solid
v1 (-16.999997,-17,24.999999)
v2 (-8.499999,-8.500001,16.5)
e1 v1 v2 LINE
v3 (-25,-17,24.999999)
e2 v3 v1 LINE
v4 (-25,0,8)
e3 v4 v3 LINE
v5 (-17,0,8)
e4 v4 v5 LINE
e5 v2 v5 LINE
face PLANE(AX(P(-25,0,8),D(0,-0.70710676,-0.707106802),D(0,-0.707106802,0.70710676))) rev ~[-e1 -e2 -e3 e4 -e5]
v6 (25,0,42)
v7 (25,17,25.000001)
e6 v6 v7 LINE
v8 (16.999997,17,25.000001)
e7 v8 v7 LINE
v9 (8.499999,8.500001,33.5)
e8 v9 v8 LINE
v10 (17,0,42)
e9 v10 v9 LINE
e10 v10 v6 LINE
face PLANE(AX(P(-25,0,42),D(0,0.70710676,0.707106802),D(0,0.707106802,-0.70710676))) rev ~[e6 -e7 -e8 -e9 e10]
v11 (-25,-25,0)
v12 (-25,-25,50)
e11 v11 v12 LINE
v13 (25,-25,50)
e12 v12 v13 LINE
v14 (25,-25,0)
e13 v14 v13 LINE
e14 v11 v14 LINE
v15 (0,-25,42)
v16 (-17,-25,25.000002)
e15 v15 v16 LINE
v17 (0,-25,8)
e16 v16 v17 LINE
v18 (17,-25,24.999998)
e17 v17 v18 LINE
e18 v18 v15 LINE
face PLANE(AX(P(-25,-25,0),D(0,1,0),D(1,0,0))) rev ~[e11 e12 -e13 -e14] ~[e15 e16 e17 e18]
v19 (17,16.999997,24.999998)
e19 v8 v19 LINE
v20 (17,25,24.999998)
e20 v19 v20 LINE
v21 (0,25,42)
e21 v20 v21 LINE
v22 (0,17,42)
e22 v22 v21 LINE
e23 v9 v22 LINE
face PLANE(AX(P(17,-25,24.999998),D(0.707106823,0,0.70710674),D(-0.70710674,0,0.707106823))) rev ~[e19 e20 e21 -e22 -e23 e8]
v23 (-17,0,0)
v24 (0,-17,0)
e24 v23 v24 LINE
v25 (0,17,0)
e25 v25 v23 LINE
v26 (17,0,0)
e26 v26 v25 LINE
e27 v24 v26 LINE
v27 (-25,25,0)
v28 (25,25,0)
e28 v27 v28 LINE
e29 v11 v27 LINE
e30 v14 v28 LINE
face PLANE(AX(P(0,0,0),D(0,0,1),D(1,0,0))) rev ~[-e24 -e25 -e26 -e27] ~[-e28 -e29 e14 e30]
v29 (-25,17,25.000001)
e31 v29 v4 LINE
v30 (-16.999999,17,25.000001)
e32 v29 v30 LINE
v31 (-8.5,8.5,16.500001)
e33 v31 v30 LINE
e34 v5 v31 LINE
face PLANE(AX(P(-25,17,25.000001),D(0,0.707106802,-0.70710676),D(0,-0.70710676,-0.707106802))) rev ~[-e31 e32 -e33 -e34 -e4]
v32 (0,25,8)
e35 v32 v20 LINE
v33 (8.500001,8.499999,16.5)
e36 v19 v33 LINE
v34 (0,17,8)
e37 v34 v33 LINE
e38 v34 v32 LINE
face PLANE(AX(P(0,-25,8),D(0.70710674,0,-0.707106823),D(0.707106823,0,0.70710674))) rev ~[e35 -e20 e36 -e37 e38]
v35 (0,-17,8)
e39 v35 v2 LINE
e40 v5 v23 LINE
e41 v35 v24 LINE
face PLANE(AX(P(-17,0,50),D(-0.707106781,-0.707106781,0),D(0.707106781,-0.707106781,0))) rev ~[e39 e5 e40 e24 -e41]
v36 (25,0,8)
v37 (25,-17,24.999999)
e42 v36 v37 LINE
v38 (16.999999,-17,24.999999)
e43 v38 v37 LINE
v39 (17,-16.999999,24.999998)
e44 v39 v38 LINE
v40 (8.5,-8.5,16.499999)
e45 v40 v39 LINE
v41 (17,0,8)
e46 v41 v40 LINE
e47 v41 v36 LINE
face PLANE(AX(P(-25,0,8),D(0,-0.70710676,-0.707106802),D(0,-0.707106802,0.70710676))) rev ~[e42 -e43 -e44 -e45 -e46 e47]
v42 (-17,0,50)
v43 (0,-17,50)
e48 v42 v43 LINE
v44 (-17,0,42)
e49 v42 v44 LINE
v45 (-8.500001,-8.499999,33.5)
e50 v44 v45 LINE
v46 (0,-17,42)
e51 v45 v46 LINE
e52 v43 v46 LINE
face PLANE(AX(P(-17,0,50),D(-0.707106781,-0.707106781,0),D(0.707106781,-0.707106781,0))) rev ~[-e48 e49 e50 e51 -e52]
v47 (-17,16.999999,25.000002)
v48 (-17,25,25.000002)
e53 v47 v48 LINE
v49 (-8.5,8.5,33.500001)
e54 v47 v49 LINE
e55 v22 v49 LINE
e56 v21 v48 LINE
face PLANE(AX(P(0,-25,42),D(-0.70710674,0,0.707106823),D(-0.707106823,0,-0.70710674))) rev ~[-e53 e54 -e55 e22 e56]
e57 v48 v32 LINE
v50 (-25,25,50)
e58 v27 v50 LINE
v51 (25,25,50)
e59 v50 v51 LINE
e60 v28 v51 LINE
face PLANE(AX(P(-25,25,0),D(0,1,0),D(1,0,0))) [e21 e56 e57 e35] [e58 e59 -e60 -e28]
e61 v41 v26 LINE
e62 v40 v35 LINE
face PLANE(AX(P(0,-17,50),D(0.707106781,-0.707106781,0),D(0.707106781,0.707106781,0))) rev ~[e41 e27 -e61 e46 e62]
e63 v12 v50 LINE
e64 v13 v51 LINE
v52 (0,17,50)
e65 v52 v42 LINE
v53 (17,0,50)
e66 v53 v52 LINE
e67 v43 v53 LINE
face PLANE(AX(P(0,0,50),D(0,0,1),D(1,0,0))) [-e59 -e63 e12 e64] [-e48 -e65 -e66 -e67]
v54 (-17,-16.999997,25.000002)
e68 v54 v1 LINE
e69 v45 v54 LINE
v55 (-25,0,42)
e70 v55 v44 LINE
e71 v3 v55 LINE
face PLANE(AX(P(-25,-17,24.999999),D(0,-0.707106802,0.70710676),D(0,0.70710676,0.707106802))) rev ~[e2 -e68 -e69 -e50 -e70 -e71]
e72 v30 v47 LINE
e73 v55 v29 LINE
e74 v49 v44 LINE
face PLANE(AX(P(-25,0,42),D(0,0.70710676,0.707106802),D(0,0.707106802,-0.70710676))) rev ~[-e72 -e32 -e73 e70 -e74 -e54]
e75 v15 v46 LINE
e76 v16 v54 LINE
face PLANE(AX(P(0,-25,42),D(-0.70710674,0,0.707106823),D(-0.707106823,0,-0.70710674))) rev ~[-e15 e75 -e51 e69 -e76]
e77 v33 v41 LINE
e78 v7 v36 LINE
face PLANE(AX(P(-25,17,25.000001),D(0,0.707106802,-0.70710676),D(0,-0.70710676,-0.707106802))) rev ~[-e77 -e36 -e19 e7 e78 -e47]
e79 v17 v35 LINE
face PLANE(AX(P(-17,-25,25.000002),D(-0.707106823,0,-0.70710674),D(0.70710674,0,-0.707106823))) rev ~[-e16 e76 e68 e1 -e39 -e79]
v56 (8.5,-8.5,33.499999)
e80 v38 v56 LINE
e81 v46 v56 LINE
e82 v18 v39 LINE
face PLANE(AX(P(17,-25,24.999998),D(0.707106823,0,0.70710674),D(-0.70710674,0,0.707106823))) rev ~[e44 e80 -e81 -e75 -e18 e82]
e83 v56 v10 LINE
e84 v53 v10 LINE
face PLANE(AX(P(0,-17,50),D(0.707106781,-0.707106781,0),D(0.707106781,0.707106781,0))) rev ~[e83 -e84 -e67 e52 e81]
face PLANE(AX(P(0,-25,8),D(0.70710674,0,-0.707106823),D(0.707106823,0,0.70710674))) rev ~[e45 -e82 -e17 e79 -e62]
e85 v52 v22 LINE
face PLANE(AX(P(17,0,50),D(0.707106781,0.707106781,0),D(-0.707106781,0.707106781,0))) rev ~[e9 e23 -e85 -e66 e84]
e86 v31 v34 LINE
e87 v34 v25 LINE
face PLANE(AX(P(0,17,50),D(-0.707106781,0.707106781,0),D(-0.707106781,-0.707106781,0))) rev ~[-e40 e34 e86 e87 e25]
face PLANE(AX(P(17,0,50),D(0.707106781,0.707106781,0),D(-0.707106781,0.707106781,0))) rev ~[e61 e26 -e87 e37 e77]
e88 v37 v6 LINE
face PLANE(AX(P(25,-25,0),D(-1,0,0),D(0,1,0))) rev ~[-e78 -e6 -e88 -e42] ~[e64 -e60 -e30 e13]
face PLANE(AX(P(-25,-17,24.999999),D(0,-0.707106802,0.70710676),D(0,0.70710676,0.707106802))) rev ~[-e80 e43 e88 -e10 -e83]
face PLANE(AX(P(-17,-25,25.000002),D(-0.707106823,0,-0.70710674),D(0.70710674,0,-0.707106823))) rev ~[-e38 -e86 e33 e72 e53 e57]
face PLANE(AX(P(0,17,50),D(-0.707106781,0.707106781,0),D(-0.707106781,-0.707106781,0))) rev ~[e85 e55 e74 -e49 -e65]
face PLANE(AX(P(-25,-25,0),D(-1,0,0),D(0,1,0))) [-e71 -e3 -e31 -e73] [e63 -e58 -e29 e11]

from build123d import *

# Parameters (mm, degrees)
F0_W     = 50
F0_H     = 50
F1_DEPTH = 50
F3_DEPTH = 50
F5_DEPTH = 50
F7_DEPTH = 50


with BuildPart() as f1:
    # F0 (on Top) → F1 (new body)
    with BuildSketch(Plane.XY):
        Rectangle(F0_W, F0_H)
    extrude(amount=F1_DEPTH)

    # F2 (on face) → F3 (cut)
    with BuildSketch(Plane(origin=(-25, 0, 0), x_dir=(0, -1, 0), z_dir=(-1, 0, 0))):
        Polygon((17, 24.999999), (0, 42), (-17, 25.000001), (0, 8), align=None)
    extrude(amount=-F3_DEPTH, mode=Mode.SUBTRACT)

    # F4 (on face) → F5 (cut)
    with BuildSketch(Plane.XZ.offset(25)):
        Polygon((17, 24.999998), (0, 42), (-17, 25.000002), (0, 8), align=None)
    extrude(amount=-F5_DEPTH, mode=Mode.SUBTRACT)

    # F6 (on face) → F7 (cut)
    with BuildSketch(Plane.XY.offset(50)):
        Polygon((17, 0), (0, 17), (-17, 0), (0, -17), align=None)
    extrude(amount=-F7_DEPTH, mode=Mode.SUBTRACT)


solid = f1.part
